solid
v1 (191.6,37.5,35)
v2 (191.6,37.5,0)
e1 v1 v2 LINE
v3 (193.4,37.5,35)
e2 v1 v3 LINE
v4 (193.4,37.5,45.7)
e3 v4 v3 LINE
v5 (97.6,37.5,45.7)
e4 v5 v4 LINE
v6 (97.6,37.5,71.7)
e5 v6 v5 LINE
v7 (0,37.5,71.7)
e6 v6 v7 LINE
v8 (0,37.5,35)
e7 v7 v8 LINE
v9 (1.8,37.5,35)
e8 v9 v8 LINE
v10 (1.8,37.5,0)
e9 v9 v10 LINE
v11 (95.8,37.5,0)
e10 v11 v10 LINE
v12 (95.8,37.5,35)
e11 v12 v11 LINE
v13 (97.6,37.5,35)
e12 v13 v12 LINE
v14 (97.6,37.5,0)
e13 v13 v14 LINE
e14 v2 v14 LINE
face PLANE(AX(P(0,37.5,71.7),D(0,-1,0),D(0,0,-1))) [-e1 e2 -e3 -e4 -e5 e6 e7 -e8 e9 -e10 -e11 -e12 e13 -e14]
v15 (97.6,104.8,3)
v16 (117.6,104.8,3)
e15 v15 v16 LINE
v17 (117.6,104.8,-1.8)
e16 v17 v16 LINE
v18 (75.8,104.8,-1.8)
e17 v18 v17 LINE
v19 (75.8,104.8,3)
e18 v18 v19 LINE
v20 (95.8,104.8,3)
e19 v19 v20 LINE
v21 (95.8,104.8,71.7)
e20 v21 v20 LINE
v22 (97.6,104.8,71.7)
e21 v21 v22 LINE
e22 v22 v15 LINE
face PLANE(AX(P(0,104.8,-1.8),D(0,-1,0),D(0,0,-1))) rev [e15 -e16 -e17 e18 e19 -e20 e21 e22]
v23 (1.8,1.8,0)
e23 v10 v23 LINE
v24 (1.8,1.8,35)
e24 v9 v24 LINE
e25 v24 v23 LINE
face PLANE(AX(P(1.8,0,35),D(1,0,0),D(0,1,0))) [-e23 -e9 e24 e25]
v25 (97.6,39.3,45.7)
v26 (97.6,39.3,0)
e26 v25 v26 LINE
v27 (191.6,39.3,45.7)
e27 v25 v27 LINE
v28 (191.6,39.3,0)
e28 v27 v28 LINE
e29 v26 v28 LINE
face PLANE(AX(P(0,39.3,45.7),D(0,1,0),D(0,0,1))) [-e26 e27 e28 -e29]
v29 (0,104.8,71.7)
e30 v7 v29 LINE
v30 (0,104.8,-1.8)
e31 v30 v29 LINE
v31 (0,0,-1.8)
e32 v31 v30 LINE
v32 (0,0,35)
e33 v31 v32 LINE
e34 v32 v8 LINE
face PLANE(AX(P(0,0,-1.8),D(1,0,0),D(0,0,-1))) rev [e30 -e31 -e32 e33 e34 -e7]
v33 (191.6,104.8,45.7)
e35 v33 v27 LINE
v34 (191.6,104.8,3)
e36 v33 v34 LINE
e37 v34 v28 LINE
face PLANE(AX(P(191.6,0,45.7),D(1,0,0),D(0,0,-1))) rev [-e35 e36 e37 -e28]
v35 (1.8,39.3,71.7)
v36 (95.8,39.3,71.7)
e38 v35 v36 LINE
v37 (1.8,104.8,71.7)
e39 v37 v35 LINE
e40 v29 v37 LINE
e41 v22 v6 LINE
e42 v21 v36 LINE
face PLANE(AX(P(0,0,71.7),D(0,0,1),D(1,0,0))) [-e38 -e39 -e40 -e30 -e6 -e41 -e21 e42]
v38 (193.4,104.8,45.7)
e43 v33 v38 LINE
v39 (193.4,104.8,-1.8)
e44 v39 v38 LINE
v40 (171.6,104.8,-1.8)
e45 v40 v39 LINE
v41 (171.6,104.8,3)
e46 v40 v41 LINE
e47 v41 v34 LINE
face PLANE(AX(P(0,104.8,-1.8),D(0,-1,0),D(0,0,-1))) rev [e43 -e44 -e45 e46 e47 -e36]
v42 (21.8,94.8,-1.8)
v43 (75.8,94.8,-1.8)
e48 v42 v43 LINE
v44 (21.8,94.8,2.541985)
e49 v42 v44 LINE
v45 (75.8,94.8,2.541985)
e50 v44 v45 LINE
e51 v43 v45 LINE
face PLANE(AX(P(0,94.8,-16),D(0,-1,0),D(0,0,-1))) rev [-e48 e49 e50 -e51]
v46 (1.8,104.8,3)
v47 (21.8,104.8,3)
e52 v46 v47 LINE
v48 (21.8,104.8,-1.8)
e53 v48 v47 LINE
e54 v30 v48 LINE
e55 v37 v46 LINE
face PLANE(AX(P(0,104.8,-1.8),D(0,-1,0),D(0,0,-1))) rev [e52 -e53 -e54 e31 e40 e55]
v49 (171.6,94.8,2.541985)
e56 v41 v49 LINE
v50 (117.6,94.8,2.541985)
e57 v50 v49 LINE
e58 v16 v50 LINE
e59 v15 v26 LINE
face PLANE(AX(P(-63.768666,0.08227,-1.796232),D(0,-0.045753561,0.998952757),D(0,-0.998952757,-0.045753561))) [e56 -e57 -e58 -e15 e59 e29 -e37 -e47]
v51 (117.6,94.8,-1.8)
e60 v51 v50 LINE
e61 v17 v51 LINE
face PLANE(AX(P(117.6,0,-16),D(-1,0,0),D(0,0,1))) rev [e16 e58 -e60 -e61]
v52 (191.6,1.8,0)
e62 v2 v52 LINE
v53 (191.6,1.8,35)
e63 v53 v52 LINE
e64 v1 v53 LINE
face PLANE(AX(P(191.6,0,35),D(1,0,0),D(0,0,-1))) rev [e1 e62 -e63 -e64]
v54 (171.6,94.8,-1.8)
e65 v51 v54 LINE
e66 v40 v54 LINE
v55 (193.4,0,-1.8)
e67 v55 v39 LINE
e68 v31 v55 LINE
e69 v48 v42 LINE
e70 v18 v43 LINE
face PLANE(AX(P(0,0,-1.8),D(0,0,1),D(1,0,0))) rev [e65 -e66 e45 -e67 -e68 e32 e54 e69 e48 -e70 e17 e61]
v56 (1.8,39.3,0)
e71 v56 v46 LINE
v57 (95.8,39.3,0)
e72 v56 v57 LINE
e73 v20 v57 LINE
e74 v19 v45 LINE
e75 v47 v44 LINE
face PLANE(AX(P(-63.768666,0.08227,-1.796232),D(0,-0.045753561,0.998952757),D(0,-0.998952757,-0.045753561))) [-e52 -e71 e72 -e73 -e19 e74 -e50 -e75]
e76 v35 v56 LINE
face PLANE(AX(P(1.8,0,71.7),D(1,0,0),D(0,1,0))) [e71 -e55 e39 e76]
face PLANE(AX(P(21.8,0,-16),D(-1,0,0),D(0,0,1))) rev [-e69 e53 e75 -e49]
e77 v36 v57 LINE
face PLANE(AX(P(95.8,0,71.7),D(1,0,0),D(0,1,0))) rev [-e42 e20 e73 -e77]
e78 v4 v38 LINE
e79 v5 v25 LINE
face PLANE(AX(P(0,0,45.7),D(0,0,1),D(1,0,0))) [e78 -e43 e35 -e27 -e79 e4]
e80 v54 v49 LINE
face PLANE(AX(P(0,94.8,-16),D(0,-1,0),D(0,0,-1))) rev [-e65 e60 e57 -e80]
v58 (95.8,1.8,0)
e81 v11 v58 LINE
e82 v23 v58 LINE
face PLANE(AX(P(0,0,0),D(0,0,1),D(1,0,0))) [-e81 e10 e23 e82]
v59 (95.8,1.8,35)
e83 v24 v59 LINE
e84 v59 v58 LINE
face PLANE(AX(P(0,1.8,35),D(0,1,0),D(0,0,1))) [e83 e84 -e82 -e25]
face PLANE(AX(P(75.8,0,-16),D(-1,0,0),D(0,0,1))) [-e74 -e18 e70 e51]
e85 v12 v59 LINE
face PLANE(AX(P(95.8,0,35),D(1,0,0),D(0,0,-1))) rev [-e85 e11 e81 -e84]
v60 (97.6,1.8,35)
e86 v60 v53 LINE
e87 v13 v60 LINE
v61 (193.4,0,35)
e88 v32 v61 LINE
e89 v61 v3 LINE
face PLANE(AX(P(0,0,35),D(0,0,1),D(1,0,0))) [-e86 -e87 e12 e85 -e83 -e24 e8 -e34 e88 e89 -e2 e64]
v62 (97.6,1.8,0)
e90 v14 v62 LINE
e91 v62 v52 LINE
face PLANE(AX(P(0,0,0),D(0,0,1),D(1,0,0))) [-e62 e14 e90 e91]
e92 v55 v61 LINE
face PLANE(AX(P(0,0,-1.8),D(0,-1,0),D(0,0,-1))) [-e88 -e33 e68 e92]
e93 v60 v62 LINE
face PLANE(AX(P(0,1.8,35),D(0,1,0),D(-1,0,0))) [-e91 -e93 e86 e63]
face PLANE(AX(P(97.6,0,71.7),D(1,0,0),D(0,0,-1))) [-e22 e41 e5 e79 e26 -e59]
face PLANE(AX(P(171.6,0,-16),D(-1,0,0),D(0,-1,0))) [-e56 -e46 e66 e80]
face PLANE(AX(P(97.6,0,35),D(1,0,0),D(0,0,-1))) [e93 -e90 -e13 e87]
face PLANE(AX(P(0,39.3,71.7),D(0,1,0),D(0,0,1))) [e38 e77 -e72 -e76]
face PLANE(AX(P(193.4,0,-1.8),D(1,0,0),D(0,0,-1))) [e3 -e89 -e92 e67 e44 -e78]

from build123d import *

# Parameters (mm, degrees)
SKETCH1_W               = 193.4
SKETCH1_H               = 104.8
BOSS_EXTRUDE1_DEPTH     = 1.8
SKETCH1_8_W             = 1.8
SKETCH1_8_H             = 65.5
SKETCH1_8_H_2           = 1.8
SKETCH1_8_W_2           = 94
BOSS_EXTRUDE2_DEPTH     = 71.7
SKETCH1_10_W            = 94
SKETCH1_10_H            = 1.8
SKETCH1_10_W_2          = 1.8
SKETCH1_10_H_2          = 65.5
BOSS_EXTRUDE3_DEPTH     = 45.7
BOSS_EXTRUDE4_DEPTH     = 35
BOSS_EXTRUDE8_REACH     = 231.858
CUT_EXTRUDE1_DEPTH      = 27
CUT_EXTRUDE1_DEPTH_BACK = 16
SKETCH1_12_W            = 54
SKETCH1_12_H            = 10


with BuildPart() as part:
    # Sketch1 → Boss-Extrude1 (new body)
    with BuildSketch(Plane.XY):
        with Locations((96.7, 52.4)):
            Rectangle(SKETCH1_W, SKETCH1_H)
    extrude(amount=-BOSS_EXTRUDE1_DEPTH)

    # Sketch1<8> → Boss-Extrude2 (add)
    with BuildSketch(Plane.XY):
        with Locations((96.7, 72.05)):
            Rectangle(SKETCH1_8_W, SKETCH1_8_H)
        with Locations((96.7, 38.4)):
            Rectangle(SKETCH1_8_W, SKETCH1_8_H_2)
        with Locations((48.8, 38.4)):
            Rectangle(SKETCH1_8_W_2, SKETCH1_8_H_2)
        with Locations((0.9, 72.05)):
            Rectangle(SKETCH1_8_W, SKETCH1_8_H)
        with Locations((0.9, 38.4)):
            Rectangle(SKETCH1_8_W, SKETCH1_8_H_2)
    extrude(amount=BOSS_EXTRUDE2_DEPTH)

    # Sketch1<10> → Boss-Extrude3 (add)
    with BuildSketch(Plane.XY):
        with Locations((144.6, 38.4)):
            Rectangle(SKETCH1_10_W, SKETCH1_10_H)
        with Locations((192.5, 72.05)):
            Rectangle(SKETCH1_10_W_2, SKETCH1_10_H_2)
        with Locations((192.5, 38.4)):
            Rectangle(SKETCH1_10_W_2, SKETCH1_10_H)
    extrude(amount=BOSS_EXTRUDE3_DEPTH)

    # Sketch1<11> → Boss-Extrude4 (add)
    with BuildSketch(Plane.XY):
        Polygon((0, 37.5), (0, 0), (193.4, 0), (193.4, 37.5), (191.6, 37.5), (191.6, 1.8), (97.6, 1.8), (97.6, 37.5), (95.8, 37.5), (95.8, 1.8), (1.8, 1.8), (1.8, 37.5), align=None)
    extrude(amount=BOSS_EXTRUDE4_DEPTH)

    # Boss-Extrude8: up to this face of the body (flat: up to its plane)
    boss_extrude8_end = Plane(part.part.faces().sort_by_distance((1.8, 72.05, 35.85))[0])
    # Sketch2 → Boss-Extrude8 (add, up to the picked face)
    with BuildSketch(Plane.ZY.offset(-191.6), mode=Mode.PRIVATE) as boss_extrude8_sk1:
        Polygon((3, 104.8), (0, 104.8), (0, 39.3), align=None)
    boss_extrude8_tool1 = split(extrude(boss_extrude8_sk1.sketch, amount=BOSS_EXTRUDE8_REACH, mode=Mode.PRIVATE), bisect_by=boss_extrude8_end, keep=Keep.BOTH, mode=Mode.PRIVATE)
    add(boss_extrude8_tool1.solids().sort_by(Axis((191.6, 82.966667, 1), (-1, 0, 0)))[0])

    # Sketch1<12> → Cut-Extrude1 (cut, two sides: drawn at the far end of the back side and taken through both)
    with BuildSketch(Plane.XY.offset(-CUT_EXTRUDE1_DEPTH_BACK)):
        with Locations((144.6, 99.8)):
            Rectangle(SKETCH1_12_W, SKETCH1_12_H)
        with Locations((48.8, 99.8)):
            Rectangle(SKETCH1_12_W, SKETCH1_12_H)
    extrude(amount=CUT_EXTRUDE1_DEPTH + CUT_EXTRUDE1_DEPTH_BACK, mode=Mode.SUBTRACT)


solid = part.part
